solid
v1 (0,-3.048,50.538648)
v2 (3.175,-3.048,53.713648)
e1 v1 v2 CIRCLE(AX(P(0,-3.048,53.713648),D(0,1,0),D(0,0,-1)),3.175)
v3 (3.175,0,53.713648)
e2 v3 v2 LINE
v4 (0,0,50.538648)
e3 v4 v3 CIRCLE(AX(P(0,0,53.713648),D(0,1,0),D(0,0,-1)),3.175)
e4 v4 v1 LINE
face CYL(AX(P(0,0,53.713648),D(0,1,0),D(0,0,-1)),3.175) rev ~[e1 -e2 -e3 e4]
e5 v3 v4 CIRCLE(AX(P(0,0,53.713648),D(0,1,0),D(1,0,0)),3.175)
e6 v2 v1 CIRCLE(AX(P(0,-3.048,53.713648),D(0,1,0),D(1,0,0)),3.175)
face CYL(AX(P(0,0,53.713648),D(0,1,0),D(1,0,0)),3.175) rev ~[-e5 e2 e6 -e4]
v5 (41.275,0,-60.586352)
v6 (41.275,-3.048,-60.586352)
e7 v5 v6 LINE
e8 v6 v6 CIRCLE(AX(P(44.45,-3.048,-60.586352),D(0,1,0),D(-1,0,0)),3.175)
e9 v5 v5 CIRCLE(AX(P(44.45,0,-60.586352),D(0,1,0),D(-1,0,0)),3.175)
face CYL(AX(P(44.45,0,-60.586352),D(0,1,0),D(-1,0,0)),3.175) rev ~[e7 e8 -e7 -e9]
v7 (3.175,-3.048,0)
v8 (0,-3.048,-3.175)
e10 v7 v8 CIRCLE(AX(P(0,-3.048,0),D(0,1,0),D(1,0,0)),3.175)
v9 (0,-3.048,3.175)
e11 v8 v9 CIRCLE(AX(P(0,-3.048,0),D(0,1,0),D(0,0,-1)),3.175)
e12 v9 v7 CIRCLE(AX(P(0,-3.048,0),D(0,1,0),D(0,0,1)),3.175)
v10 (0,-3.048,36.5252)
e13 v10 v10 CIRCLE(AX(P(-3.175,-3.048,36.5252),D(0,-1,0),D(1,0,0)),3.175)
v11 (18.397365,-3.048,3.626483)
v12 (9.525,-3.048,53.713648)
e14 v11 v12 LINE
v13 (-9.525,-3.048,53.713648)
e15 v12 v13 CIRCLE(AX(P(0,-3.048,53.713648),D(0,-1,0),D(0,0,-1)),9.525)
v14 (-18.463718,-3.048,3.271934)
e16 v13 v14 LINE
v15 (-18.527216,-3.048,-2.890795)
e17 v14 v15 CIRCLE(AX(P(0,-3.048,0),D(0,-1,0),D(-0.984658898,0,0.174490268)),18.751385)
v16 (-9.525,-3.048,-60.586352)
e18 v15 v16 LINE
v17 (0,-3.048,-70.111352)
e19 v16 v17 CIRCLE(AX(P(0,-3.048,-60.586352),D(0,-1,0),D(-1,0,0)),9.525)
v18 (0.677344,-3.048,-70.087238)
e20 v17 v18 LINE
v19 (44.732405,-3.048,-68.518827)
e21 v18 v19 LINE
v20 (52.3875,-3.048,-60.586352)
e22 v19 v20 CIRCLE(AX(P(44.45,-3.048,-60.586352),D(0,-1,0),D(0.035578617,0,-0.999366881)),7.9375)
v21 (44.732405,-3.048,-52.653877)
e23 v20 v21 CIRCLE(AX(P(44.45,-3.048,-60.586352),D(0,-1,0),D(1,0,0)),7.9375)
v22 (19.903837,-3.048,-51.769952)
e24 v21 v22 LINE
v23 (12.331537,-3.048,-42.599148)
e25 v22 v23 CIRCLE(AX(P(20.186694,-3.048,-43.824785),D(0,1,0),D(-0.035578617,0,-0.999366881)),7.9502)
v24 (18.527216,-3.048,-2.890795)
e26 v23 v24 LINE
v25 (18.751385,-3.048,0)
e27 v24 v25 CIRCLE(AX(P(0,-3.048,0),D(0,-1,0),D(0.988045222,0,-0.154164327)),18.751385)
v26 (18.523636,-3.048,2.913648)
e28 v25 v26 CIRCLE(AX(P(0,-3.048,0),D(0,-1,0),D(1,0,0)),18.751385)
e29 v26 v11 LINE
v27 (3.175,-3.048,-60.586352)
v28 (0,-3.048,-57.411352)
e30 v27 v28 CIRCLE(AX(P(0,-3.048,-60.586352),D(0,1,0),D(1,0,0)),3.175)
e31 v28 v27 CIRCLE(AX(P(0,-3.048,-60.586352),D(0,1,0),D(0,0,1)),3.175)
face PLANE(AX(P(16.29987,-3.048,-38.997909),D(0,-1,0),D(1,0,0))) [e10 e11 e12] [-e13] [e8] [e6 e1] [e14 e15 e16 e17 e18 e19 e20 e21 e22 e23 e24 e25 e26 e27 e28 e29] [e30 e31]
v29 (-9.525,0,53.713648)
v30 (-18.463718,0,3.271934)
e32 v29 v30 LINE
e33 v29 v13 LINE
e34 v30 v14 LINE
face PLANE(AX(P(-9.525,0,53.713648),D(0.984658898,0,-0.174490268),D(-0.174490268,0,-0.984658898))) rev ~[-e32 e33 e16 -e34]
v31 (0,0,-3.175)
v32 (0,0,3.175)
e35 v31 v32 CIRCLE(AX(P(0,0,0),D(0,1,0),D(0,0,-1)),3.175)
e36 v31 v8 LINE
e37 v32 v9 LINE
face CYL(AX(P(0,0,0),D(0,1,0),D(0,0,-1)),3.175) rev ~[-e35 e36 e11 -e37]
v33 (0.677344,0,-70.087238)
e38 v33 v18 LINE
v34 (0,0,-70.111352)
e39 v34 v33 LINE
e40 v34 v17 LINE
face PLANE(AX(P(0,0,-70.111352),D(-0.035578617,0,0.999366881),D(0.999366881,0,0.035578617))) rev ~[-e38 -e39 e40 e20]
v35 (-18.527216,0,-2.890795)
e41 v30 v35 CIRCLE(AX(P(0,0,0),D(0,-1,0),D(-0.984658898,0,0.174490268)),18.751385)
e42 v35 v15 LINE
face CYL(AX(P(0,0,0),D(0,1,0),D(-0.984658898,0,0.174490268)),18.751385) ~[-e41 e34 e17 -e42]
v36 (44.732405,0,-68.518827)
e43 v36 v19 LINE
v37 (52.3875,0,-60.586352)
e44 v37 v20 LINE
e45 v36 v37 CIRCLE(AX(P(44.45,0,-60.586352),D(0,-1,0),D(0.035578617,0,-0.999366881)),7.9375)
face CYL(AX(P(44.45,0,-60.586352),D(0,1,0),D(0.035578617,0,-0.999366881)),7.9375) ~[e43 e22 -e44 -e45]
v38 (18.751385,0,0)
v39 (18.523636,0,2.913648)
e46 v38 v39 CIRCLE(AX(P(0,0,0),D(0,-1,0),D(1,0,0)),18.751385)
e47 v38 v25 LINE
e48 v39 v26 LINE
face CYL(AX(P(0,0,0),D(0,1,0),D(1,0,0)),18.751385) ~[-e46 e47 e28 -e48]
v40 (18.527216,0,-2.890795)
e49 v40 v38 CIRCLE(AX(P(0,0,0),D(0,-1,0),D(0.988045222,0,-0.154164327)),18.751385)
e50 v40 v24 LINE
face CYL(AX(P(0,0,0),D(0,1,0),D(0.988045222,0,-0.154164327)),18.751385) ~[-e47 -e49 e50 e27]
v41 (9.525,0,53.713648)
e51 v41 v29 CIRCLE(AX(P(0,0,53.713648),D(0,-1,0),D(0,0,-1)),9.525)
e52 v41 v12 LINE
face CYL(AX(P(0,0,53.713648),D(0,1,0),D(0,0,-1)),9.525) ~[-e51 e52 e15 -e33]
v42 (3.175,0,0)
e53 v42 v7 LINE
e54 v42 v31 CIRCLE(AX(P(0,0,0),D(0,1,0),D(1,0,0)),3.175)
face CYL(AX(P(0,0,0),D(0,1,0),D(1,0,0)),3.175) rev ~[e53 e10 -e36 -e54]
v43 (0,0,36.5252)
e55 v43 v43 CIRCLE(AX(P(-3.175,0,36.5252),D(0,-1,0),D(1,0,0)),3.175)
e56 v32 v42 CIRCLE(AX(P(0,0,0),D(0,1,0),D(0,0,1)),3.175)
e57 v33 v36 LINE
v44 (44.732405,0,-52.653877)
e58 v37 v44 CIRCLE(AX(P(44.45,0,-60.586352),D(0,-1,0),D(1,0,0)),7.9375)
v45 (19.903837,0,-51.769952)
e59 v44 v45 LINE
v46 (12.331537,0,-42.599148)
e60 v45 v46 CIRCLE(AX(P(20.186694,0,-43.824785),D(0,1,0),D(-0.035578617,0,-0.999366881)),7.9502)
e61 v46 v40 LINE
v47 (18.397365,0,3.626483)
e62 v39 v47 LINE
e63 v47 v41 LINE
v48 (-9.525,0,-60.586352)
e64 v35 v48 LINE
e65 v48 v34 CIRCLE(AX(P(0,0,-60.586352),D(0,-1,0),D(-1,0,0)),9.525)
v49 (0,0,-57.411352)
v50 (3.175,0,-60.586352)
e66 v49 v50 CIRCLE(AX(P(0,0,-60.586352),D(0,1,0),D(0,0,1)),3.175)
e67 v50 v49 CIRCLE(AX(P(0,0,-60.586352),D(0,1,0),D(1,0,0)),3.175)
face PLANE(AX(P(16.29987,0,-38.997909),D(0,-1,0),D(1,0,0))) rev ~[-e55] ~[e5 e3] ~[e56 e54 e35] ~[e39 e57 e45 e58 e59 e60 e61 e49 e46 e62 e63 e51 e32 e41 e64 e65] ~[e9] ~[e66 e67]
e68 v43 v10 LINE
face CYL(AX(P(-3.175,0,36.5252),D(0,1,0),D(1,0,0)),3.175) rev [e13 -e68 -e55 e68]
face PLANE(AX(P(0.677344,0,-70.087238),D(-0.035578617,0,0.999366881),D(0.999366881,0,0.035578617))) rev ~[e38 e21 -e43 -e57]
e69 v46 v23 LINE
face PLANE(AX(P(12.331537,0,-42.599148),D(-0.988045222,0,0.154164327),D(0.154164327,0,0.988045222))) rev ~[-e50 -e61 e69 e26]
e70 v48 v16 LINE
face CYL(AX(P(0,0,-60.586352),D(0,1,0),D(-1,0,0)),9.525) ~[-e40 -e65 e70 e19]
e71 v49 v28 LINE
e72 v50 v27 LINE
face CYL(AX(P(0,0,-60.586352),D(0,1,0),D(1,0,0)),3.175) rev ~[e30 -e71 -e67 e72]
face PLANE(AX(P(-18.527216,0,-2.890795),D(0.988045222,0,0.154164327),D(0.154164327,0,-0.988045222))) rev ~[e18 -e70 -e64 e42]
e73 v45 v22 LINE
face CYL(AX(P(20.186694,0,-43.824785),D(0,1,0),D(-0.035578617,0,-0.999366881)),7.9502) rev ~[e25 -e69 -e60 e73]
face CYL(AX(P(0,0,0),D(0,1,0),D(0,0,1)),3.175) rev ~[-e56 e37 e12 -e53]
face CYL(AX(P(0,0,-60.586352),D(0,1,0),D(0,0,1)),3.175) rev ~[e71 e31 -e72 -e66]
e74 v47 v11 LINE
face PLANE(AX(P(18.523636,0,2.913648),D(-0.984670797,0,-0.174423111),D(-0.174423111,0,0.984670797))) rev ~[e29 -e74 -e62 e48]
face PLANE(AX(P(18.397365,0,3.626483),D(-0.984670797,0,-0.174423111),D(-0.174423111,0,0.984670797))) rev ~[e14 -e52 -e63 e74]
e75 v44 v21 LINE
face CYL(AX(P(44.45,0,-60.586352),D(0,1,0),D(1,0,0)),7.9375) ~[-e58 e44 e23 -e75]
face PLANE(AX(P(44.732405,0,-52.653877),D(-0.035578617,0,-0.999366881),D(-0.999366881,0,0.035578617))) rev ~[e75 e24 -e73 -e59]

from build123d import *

# Parameters (mm, degrees)
F0_R     = 3.175
F1_DEPTH = 3.048


with BuildPart() as f1:
    # F0 (on Front) → F1 (new body)
    with BuildSketch(Plane.XZ):
        with BuildLine():
            ThreePointArc((18.5272162363, -2.8907946242), (12.1944256202, -14.2446628188), (0, -18.7513848829))
            Line((0, -18.7513848829), (0, -51.0613519013))
            ThreePointArc((0, -51.0613519013), (6.7351920908, -53.8511598105), (9.525, -60.5863519013))
            Line((9.525, -60.5863519013), (36.5125, -60.5863519013))
            ThreePointArc((36.5125, -60.5863519013), (38.9380895153, -54.8747191174), (44.7324052746, -52.6538772867))
            Line((44.7324052746, -52.6538772867), (19.9038367454, -51.7699515192))
            ThreePointArc((19.9038367454, -51.7699515192), (14.056218392, -48.8866966862), (12.3315367458, -42.5991477155))
            Line((12.3315367458, -42.5991477155), (18.5272162363, -2.8907946242))
        make_face()
        with BuildLine():
            Line((36.5125, -60.5863519013), (9.525, -60.5863519013))
            ThreePointArc((9.525, -60.5863519013), (6.9705567315, -67.0776509895), (0.6773435479, -70.0872376873))
            Line((0.6773435479, -70.0872376873), (44.7324052746, -68.5188265159))
            ThreePointArc((44.7324052746, -68.5188265159), (38.9380895153, -66.2979846852), (36.5125, -60.5863519013))
        make_face()
        with BuildLine():
            Line((0, 18.7513848829), (0, 3.175))
            ThreePointArc((0, 3.175), (2.2450640303, 2.2450640303), (3.175, 0))
            ThreePointArc((3.175, 0), (2.2450640303, -2.2450640303), (0, -3.175))
            Line((0, -3.175), (0, -18.7513848829))
            ThreePointArc((0, -18.7513848829), (12.1944256202, -14.2446628188), (18.5272162363, -2.8907946242))
            ThreePointArc((18.5272162363, -2.8907946242), (18.6952587236, -1.4497366262), (18.7513848829, 0))
            ThreePointArc((18.7513848829, 0), (18.6943609499, 1.4612678406), (18.5236359763, 2.9136480987))
            Line((18.5236359763, 2.9136480987), (18.3973654955, 3.6264828487))
            ThreePointArc((18.3973654955, 3.6264828487), (11.9082504878, 14.4847507865), (0, 18.7513848829))
        make_face()
        with BuildLine():
            ThreePointArc((0, -3.175), (-3.175, 0), (0, 3.175))
            Line((0, 3.175), (0, 18.7513848829))
            ThreePointArc((0, 18.7513848829), (-12.0470149388, 14.3695464817), (-18.4637179825, 3.2719341818))
            ThreePointArc((-18.4637179825, 3.2719341818), (-18.7503896007, 0.1931963966), (-18.5272162363, -2.8907946242))
            ThreePointArc((-18.5272162363, -2.8907946242), (-12.1944256202, -14.2446628188), (0, -18.7513848829))
            Line((0, -18.7513848829), (0, -3.175))
        make_face()
        with BuildLine():
            Line((0, -57.4113519013), (0, -51.0613519013))
            ThreePointArc((0, -51.0613519013), (-6.7351920908, -53.8511598105), (-9.525, -60.5863519013))
            ThreePointArc((-9.525, -60.5863519013), (-6.7351920908, -67.3215439921), (0, -70.1113519013))
            Line((0, -70.1113519013), (0.6773435479, -70.0872376873))
            ThreePointArc((0.6773435479, -70.0872376873), (6.9705567315, -67.0776509895), (9.525, -60.5863519013))
            Line((9.525, -60.5863519013), (3.175, -60.5863519013))
            ThreePointArc((3.175, -60.5863519013), (-2.2450640303, -62.8314159316), (0, -57.4113519013))
        make_face()
        with BuildLine():
            ThreePointArc((9.525, -60.5863519013), (6.7351920908, -53.8511598105), (0, -51.0613519013))
            Line((0, -51.0613519013), (0, -57.4113519013))
            ThreePointArc((0, -57.4113519013), (2.2450640303, -58.341287871), (3.175, -60.5863519013))
            Line((3.175, -60.5863519013), (9.525, -60.5863519013))
        make_face()
        with BuildLine():
            ThreePointArc((-18.4637179825, 3.2719341818), (-12.0470149388, 14.3695464817), (0, 18.7513848829))
            Line((0, 18.7513848829), (0, 36.5252))
            Line((0, 36.5252), (0, 44.1886480987))
            ThreePointArc((0, 44.1886480987), (-6.7351920908, 46.9784560079), (-9.525, 53.7136480987))
            Line((-9.525, 53.7136480987), (-18.4637179825, 3.2719341818))
        make_face()
        with Locations((-3.175, 36.5252)):
            Circle(F0_R, mode=Mode.SUBTRACT)
        with BuildLine():
            Line((0, 36.5252), (0, 18.7513848829))
            ThreePointArc((0, 18.7513848829), (11.9082504878, 14.4847507865), (18.3973654955, 3.6264828487))
            Line((18.3973654955, 3.6264828487), (9.525, 53.7136480987))
            ThreePointArc((9.525, 53.7136480987), (6.7351920908, 46.9784560079), (0, 44.1886480987))
            Line((0, 44.1886480987), (0, 36.5252))
        make_face()
        with BuildLine():
            Line((0, -51.0613519013), (0, -18.7513848829))
            ThreePointArc((0, -18.7513848829), (-12.1944256202, -14.2446628188), (-18.5272162363, -2.8907946242))
            Line((-18.5272162363, -2.8907946242), (-9.525, -60.5863519013))
            ThreePointArc((-9.525, -60.5863519013), (-6.7351920908, -53.8511598105), (0, -51.0613519013))
        make_face()
        with BuildLine():
            ThreePointArc((44.7324052746, -52.6538772867), (38.9380895153, -54.8747191174), (36.5125, -60.5863519013))
            ThreePointArc((36.5125, -60.5863519013), (38.9380895153, -66.2979846852), (44.7324052746, -68.5188265159))
            ThreePointArc((44.7324052746, -68.5188265159), (50.1616327839, -66.098262386), (52.3875, -60.5863519013))
            ThreePointArc((52.3875, -60.5863519013), (50.1616327839, -55.0744414166), (44.7324052746, -52.6538772867))
        make_face()
        with BuildLine():
            ThreePointArc((47.625, -60.5863519013), (44.45, -63.7613519013), (41.275, -60.5863519013))
            ThreePointArc((41.275, -60.5863519013), (44.45, -57.4113519013), (47.625, -60.5863519013))
        make_face(mode=Mode.SUBTRACT)
        with BuildLine():
            ThreePointArc((-9.525, 53.7136480987), (-6.7351920908, 46.9784560079), (0, 44.1886480987))
            ThreePointArc((0, 44.1886480987), (6.7351920908, 46.9784560079), (9.525, 53.7136480987))
            ThreePointArc((9.525, 53.7136480987), (0, 63.2386480987), (-9.525, 53.7136480987))
        make_face()
        with BuildLine():
            ThreePointArc((3.175, 53.7136480987), (2.2450640303, 51.4685840684), (0, 50.5386480987))
            ThreePointArc((0, 50.5386480987), (-2.2450640303, 55.958712129), (3.175, 53.7136480987))
        make_face(mode=Mode.SUBTRACT)
    extrude(amount=F1_DEPTH)


solid = f1.part
